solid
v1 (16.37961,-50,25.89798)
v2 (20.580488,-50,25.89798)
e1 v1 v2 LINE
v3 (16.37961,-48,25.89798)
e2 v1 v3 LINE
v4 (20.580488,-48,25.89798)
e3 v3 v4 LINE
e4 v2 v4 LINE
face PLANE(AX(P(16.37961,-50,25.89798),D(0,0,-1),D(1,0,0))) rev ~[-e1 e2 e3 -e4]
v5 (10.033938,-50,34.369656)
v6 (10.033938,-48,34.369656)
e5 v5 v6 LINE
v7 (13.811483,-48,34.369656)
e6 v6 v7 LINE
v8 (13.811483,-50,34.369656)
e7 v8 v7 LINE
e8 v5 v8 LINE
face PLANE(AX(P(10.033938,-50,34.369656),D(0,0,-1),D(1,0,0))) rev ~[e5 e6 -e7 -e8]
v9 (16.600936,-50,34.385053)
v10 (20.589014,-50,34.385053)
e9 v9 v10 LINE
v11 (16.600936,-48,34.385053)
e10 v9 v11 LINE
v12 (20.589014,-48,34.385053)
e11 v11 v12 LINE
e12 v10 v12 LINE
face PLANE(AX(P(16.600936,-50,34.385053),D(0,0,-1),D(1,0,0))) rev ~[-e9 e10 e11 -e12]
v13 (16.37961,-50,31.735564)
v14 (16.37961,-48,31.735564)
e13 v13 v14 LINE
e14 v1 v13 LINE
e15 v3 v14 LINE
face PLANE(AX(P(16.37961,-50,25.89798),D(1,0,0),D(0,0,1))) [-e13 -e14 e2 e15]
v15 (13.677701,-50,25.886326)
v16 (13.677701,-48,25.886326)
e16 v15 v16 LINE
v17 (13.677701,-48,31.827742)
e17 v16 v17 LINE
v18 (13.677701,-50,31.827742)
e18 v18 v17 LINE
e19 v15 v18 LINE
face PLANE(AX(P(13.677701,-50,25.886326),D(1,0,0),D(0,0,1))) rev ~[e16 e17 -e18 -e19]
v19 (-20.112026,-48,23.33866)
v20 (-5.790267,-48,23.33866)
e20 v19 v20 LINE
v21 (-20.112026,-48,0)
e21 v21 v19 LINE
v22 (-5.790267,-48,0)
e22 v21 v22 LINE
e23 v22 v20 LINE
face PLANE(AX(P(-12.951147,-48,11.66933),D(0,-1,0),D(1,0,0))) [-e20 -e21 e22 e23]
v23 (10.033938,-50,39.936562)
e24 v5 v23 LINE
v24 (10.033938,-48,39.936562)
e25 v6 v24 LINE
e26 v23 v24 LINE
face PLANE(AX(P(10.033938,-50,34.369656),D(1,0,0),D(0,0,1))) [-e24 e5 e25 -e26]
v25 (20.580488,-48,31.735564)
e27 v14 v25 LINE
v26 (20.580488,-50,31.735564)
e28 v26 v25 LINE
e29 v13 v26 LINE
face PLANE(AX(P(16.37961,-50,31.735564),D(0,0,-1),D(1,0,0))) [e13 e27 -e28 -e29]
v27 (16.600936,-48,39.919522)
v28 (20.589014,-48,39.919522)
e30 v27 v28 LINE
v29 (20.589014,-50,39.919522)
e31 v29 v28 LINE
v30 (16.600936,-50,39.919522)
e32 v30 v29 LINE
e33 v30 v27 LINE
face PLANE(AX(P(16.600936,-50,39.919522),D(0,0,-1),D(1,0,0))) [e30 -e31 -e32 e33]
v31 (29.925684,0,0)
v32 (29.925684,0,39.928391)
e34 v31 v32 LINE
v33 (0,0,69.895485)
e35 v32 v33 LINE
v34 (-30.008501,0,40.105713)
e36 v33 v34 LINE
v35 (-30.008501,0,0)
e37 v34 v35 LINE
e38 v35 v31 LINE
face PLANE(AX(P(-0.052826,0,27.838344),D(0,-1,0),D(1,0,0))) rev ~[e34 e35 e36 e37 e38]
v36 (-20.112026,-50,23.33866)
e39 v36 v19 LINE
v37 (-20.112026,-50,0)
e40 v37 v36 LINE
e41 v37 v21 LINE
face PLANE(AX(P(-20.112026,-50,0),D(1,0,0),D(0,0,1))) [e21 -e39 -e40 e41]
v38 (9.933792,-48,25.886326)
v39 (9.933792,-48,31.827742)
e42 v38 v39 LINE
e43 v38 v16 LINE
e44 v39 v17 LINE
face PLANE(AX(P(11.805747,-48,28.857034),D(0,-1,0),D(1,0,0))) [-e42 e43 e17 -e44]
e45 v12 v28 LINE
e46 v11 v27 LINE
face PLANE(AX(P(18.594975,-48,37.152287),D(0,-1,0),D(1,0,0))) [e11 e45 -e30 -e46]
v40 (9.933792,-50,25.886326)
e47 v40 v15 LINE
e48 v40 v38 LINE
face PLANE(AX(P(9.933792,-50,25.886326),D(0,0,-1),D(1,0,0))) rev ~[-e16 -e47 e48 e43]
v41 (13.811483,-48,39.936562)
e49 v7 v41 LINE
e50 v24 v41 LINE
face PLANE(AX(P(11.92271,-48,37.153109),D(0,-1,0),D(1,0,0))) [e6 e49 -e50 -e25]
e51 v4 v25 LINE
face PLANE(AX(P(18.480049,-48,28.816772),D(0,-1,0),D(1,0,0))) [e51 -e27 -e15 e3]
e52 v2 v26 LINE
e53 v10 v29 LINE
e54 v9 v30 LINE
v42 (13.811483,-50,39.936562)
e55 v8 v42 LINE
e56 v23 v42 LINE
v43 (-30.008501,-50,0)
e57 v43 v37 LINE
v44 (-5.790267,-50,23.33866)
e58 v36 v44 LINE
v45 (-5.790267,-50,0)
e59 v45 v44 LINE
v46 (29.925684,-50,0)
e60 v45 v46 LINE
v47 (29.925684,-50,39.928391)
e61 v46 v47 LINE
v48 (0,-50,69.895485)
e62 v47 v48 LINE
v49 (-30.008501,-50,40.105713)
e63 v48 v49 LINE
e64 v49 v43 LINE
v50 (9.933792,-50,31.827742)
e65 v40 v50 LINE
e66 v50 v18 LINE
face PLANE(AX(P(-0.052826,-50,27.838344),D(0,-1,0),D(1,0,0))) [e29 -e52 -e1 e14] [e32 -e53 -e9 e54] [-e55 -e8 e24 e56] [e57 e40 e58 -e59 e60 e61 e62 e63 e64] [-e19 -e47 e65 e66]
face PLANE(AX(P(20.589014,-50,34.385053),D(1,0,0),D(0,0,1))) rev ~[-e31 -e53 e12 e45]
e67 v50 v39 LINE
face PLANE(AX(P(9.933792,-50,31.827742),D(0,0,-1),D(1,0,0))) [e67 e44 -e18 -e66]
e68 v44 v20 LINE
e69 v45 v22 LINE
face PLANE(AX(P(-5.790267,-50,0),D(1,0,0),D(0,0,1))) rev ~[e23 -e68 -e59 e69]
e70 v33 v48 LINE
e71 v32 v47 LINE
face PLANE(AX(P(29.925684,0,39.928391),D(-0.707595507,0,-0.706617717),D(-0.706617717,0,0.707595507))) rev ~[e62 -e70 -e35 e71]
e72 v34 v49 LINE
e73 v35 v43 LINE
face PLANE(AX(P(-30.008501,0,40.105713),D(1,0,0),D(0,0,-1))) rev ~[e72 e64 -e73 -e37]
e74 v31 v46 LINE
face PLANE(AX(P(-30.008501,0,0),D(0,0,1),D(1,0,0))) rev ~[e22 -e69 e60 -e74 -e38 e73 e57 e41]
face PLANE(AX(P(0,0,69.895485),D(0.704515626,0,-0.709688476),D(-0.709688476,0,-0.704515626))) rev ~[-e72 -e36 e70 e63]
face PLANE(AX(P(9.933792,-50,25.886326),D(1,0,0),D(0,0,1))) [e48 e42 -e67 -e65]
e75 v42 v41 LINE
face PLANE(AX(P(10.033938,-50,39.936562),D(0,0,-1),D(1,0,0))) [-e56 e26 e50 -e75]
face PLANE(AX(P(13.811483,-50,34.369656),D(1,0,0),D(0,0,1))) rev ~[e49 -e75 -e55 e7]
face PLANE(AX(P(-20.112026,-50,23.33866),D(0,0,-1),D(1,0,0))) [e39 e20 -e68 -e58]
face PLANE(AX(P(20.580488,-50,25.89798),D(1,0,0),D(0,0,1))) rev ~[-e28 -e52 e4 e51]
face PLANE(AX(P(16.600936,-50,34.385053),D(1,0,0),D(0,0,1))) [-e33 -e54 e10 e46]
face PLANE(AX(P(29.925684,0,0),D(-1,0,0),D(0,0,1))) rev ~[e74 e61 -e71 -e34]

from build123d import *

# Parameters (mm, degrees)
PAD_DEPTH            = 50
SKETCH001_W          = 14.321759
SKETCH001_H          = 23.338661
POCKET_DEPTH         = 2
SKETCH004_W          = 3.777545
SKETCH004_H          = 5.566906
POCKET001_DEPTH      = 2
SKETCH005_W          = 3.988077
SKETCH005_H          = 5.534469
POCKET002_DEPTH      = 2
SKETCH006_W          = 3.743909
SKETCH006_H          = 5.941416
POCKET003_DEPTH      = 2
SKETCH007_W          = 4.200878
SKETCH007_H          = 5.837583
POCKET004_DEPTH      = 2
BODY_PLACEMENT_ANGLE = 90


with BuildPart() as part:
    # Sketch → Pad (new body)
    with BuildSketch(Plane.XY):
        Polygon((-30.008501, 0), (29.925684, 0), (29.925684, 39.928391), (0, 69.895485), (-30.008501, 40.105713), align=None)
    extrude(amount=PAD_DEPTH)

    # Sketch001 (on Face7 of Pad) → Pocket (cut)
    with BuildSketch(Plane.XY.offset(50)):
        with Locations((-12.951147, 11.66933)):
            Rectangle(SKETCH001_W, SKETCH001_H)
    extrude(amount=-POCKET_DEPTH, mode=Mode.SUBTRACT)

    # Sketch004 (on Face4 of Pocket) → Pocket001 (cut)
    with BuildSketch(Plane.XY.offset(50)):
        with Locations((11.92271, 37.153109)):
            Rectangle(SKETCH004_W, SKETCH004_H)
    extrude(amount=-POCKET001_DEPTH, mode=Mode.SUBTRACT)

    # Sketch005 (on Face4 of Pocket001) → Pocket002 (cut)
    with BuildSketch(Plane.XY.offset(50)):
        with Locations((18.594975, 37.152287)):
            Rectangle(SKETCH005_W, SKETCH005_H)
    extrude(amount=-POCKET002_DEPTH, mode=Mode.SUBTRACT)

    # Sketch006 (on Face4 of Pocket002) → Pocket003 (cut)
    with BuildSketch(Plane.XY.offset(50)):
        with Locations((11.805747, 28.857034)):
            Rectangle(SKETCH006_W, SKETCH006_H)
    extrude(amount=-POCKET003_DEPTH, mode=Mode.SUBTRACT)

    # Sketch007 (on Face4 of Pocket003) → Pocket004 (cut)
    with BuildSketch(Plane.XY.offset(50)):
        with Locations((18.480049, 28.816772)):
            Rectangle(SKETCH007_W, SKETCH007_H)
    extrude(amount=-POCKET004_DEPTH, mode=Mode.SUBTRACT)


with BuildPart() as part_1:
    # Body placement: moved
    add(part.part.rotate(Axis((0, 0, 0), (1, 0, 0)), BODY_PLACEMENT_ANGLE))


solid = part_1.part
